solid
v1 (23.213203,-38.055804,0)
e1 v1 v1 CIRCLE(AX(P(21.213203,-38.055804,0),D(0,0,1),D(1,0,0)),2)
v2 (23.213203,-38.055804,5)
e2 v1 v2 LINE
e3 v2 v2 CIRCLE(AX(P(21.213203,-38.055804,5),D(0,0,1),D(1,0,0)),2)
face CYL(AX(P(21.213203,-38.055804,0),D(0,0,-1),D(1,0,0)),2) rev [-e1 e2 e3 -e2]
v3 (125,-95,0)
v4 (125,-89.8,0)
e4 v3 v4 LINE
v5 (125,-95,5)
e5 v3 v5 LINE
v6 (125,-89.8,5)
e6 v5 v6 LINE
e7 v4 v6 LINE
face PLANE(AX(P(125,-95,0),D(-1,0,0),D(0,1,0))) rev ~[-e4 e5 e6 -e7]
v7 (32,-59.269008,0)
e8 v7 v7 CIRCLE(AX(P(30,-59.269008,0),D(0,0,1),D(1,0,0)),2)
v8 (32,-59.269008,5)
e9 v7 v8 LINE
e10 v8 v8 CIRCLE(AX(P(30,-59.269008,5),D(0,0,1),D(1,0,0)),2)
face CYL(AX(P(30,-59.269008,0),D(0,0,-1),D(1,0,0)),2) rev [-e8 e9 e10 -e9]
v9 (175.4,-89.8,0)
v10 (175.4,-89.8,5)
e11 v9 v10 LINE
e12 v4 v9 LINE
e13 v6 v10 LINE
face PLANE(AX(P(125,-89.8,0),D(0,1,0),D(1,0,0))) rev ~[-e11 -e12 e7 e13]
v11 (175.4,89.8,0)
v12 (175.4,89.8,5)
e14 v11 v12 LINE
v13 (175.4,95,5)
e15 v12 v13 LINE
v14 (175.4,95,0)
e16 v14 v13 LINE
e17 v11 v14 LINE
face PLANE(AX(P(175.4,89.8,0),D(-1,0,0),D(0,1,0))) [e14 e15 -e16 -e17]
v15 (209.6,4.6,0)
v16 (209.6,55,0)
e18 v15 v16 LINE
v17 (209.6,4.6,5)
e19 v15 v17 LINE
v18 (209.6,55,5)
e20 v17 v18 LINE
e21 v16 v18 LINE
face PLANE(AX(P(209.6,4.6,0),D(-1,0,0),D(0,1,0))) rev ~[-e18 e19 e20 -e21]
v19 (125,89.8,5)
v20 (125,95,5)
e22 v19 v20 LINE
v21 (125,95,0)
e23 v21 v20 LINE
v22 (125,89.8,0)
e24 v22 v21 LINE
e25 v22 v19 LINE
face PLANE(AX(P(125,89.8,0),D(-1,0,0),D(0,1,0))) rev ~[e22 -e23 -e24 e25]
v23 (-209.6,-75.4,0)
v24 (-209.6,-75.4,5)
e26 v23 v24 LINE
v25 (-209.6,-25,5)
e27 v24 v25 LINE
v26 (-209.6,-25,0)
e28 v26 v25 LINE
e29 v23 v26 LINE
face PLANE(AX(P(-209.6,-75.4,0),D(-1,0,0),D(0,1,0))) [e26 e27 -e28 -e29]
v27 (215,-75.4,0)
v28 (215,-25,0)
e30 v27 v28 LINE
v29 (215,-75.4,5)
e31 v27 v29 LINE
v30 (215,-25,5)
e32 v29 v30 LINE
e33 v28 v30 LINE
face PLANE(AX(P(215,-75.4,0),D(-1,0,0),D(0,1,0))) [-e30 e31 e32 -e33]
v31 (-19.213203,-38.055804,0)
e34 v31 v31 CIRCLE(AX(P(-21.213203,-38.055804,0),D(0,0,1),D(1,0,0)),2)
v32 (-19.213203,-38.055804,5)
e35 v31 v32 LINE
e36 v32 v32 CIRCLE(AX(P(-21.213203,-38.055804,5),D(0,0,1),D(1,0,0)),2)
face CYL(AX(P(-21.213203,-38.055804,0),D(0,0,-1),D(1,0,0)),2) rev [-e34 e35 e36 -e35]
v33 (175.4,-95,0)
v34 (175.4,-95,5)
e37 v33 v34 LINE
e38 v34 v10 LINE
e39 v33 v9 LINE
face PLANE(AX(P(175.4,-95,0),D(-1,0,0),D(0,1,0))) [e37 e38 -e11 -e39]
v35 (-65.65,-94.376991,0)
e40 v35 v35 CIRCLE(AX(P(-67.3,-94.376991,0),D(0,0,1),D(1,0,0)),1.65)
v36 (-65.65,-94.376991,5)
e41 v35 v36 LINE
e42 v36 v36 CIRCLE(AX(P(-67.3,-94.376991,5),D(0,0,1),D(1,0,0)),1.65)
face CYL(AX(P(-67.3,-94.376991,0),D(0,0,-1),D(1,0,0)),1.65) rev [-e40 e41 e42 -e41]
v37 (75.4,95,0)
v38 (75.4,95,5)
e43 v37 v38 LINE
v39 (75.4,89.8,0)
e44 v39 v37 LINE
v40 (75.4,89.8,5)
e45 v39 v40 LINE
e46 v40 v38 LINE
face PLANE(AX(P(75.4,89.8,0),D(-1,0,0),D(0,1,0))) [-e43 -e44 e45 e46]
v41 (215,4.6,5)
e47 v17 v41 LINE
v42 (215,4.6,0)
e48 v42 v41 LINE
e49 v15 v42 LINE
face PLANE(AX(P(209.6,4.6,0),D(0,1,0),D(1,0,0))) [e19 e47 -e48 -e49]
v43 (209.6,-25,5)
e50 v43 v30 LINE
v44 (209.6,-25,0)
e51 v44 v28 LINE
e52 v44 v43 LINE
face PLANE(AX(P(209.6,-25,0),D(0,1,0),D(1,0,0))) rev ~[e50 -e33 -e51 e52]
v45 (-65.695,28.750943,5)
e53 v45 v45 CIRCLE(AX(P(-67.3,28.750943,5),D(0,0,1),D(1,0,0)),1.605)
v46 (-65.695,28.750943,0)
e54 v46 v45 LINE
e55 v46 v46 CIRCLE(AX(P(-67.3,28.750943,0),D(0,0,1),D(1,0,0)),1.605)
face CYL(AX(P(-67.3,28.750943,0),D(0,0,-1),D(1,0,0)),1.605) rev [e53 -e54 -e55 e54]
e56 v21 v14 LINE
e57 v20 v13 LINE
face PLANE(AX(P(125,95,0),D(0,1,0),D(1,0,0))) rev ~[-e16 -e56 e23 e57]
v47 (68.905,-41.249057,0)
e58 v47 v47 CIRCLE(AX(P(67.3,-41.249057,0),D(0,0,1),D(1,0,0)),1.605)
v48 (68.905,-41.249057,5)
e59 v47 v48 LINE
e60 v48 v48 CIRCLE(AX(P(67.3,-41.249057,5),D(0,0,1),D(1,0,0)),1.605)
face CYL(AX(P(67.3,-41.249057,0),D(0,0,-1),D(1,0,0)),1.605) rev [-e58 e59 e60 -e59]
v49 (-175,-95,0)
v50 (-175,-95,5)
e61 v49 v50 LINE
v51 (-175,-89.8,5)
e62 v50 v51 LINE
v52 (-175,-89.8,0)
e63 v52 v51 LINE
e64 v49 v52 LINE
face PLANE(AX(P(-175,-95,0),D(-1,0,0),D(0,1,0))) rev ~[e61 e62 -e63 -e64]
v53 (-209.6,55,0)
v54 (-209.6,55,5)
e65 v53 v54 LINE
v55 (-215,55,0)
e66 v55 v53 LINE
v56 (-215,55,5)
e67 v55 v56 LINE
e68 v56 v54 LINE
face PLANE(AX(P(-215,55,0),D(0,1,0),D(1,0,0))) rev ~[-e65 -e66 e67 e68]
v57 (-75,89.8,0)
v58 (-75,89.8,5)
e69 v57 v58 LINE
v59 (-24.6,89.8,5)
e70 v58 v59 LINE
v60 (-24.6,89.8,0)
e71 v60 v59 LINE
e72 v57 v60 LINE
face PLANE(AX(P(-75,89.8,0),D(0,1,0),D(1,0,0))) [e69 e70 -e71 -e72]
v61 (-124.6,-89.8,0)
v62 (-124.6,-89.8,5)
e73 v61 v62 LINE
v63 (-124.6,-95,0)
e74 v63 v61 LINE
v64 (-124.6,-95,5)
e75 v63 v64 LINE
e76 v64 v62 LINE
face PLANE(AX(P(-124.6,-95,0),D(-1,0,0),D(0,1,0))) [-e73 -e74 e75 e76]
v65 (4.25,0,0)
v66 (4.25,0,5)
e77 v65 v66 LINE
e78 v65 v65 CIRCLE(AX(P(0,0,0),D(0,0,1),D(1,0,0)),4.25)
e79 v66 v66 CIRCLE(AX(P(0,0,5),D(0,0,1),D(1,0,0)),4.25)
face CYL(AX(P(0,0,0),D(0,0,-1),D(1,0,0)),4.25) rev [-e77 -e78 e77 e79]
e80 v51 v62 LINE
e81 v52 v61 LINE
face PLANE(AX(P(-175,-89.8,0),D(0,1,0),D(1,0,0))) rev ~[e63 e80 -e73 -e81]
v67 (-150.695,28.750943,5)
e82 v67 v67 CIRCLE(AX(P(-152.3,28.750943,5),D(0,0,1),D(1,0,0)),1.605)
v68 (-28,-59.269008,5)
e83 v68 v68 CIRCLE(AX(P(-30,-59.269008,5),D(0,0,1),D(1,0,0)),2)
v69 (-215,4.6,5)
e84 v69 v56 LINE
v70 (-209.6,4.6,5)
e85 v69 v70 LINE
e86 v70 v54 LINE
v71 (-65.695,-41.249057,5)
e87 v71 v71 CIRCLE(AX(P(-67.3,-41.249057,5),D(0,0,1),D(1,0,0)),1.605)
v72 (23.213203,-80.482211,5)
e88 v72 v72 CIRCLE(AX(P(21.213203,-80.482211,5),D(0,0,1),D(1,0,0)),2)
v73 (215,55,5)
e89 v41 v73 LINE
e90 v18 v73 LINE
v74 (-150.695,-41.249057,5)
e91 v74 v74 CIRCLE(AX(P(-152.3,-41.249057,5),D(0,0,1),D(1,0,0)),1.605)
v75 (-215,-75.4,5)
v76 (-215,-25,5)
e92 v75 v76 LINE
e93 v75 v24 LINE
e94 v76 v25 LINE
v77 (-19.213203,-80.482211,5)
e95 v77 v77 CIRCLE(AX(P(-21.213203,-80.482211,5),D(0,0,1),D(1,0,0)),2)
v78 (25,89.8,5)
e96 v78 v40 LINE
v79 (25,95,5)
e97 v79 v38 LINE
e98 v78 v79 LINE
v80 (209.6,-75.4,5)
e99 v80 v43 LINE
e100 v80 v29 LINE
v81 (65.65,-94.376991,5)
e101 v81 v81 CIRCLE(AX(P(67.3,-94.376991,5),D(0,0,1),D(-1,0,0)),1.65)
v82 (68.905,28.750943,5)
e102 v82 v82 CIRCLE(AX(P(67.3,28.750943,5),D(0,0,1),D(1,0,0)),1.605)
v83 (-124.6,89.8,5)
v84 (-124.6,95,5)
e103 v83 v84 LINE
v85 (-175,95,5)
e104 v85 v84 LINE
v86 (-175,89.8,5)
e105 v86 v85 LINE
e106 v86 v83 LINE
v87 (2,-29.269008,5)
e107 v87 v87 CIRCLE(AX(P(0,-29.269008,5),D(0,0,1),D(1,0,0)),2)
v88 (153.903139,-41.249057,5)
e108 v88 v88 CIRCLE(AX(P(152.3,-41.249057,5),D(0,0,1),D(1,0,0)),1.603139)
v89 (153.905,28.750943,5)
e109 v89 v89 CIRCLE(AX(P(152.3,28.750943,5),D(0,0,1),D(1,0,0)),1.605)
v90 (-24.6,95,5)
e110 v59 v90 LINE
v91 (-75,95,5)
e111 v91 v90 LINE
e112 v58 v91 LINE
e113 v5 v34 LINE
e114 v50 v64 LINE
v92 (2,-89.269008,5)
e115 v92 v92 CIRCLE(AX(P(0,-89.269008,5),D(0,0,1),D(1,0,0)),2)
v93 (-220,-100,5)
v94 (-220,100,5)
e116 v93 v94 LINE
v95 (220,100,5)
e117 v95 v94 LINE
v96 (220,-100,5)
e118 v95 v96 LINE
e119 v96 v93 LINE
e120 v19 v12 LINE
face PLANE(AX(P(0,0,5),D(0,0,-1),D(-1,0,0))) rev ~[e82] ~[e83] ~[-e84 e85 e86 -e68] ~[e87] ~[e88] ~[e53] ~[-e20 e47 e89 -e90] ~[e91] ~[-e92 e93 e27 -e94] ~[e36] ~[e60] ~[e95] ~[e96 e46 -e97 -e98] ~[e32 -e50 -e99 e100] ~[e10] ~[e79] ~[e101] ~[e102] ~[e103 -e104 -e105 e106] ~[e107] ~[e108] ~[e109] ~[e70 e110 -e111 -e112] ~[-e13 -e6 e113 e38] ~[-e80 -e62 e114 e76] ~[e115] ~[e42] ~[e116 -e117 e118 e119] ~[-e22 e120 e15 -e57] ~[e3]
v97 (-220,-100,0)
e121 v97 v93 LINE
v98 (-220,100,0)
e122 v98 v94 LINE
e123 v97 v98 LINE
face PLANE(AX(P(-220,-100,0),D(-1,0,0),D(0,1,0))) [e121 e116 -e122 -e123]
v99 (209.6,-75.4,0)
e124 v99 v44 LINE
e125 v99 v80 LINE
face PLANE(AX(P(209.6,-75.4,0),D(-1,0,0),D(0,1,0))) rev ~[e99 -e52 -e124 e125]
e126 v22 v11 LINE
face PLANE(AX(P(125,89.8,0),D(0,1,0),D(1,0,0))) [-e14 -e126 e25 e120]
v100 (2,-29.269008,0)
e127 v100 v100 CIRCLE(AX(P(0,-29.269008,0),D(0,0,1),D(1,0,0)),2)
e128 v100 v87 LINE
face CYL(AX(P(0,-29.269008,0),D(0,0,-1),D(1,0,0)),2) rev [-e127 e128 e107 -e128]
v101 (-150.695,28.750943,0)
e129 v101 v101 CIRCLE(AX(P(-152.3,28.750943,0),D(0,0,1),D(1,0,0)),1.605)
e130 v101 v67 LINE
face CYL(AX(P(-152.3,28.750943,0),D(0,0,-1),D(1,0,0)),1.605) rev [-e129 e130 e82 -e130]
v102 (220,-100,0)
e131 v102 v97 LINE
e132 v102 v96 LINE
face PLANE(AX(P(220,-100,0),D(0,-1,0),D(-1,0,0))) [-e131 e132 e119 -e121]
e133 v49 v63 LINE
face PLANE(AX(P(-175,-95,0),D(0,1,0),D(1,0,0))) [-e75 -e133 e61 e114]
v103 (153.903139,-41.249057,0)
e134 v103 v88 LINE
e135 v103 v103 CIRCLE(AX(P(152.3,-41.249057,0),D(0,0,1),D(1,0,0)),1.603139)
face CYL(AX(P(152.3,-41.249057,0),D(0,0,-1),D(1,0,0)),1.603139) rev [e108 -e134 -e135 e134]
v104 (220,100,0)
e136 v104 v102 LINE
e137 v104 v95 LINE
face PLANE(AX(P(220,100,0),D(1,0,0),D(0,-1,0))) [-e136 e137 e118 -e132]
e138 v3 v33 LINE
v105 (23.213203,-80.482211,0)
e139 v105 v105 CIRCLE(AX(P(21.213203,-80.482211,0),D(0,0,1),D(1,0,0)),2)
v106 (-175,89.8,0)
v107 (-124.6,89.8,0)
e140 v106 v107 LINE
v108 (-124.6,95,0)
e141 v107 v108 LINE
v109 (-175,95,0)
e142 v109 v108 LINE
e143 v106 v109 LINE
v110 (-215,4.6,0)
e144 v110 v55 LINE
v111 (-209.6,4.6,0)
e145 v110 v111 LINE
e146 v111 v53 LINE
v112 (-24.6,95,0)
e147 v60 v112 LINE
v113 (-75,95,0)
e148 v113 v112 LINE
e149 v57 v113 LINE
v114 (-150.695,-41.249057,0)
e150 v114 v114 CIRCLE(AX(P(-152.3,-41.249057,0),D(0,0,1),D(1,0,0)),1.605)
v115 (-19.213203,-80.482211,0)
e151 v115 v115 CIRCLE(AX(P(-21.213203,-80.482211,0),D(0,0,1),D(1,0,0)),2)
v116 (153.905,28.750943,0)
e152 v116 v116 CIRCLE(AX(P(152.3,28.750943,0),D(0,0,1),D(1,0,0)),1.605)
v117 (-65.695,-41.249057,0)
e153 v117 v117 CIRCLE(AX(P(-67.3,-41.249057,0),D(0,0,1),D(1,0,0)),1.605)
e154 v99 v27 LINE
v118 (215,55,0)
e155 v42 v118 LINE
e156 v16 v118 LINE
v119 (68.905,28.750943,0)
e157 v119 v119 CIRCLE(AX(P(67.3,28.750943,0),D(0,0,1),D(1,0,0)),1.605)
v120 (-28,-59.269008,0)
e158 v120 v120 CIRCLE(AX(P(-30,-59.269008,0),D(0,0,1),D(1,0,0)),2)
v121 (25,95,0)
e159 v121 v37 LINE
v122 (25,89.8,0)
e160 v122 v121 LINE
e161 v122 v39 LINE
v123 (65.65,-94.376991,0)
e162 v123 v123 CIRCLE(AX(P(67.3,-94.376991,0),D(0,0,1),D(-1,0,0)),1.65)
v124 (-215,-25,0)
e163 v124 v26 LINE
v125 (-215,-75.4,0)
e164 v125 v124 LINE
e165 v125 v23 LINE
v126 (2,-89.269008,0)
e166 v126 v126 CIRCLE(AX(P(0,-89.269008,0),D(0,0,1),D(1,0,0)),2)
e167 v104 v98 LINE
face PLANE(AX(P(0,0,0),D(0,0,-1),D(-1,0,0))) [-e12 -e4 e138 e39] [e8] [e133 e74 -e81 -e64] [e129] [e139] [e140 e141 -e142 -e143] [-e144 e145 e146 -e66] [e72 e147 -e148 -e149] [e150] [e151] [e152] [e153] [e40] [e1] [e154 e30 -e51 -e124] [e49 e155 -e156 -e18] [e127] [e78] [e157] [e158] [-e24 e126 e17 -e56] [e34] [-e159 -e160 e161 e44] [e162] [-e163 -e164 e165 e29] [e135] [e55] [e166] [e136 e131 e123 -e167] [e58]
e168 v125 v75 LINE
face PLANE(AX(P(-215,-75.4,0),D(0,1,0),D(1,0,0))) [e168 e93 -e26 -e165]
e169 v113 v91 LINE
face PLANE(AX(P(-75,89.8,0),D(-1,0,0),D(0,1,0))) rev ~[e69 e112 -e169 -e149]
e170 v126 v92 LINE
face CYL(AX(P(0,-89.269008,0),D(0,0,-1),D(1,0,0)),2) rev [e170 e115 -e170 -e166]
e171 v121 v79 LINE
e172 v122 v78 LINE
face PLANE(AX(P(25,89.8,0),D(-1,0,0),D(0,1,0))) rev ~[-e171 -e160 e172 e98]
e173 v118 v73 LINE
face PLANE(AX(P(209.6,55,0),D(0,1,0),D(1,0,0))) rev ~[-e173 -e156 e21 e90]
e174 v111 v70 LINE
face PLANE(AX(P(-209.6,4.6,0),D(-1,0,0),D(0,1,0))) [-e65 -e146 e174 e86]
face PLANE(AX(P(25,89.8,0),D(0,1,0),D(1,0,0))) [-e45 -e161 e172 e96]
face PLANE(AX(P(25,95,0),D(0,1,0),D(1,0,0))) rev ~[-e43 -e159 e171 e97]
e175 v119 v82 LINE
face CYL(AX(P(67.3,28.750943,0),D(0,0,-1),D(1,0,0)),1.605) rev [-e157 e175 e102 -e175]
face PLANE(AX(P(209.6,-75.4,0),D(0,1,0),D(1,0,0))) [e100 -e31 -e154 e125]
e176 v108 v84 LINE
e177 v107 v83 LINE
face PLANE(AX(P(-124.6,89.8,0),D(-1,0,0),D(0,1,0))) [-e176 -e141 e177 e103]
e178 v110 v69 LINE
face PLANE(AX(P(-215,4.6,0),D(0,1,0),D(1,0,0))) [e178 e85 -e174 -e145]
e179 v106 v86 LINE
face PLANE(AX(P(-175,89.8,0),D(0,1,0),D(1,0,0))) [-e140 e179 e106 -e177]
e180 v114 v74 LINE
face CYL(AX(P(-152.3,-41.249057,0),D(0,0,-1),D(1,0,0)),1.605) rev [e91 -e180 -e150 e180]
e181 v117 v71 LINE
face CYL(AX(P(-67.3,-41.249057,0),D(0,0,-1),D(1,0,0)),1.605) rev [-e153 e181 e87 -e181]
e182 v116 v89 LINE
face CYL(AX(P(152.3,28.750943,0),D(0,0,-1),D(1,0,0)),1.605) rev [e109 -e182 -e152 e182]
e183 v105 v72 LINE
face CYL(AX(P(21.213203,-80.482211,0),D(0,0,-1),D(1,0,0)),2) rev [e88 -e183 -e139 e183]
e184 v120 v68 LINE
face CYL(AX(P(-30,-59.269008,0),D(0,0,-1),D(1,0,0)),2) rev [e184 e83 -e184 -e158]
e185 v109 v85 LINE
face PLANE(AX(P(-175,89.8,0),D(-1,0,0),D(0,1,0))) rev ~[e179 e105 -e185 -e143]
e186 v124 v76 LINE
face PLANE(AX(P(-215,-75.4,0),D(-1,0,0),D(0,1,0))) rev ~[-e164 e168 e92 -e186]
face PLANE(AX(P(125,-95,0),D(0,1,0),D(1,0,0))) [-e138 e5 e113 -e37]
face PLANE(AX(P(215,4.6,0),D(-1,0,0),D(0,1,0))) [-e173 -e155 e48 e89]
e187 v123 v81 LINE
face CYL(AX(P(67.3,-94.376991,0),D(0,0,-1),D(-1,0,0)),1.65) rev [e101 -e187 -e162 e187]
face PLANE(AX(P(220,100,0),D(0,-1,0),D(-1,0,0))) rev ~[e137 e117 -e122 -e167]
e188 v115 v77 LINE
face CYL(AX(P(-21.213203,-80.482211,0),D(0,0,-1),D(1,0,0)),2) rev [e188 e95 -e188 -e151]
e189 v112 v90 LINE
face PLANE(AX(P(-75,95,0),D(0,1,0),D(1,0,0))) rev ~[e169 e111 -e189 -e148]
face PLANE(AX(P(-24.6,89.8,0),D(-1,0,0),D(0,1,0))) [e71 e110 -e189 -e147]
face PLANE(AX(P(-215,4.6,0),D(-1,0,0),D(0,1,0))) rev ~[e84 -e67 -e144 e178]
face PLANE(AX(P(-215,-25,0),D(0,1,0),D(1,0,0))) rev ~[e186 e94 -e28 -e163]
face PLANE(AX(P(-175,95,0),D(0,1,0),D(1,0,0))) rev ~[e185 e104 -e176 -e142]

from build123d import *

# Parameters (mm, degrees)
ESQUISSE1_R        = 1.65
ESQUISSE1_R_2      = 1.603139346
ESQUISSE1_R_3      = 1.605
ESQUISSE1_R_4      = 4.25
ESQUISSE1_R_5      = 2
ESQUISSE1_W        = 50.4
ESQUISSE1_H        = 5.2
ESQUISSE1_W_2      = 5.4
ESQUISSE1_H_2      = 50.4
BOSS_EXTRU_1_DEPTH = 5


with BuildPart() as part:
    # Esquisse1 → Boss.-Extru.1 (new body)
    with BuildSketch(Plane.XY):
        Polygon((-220, 100), (-0.145812859, 100), (9.854187141, 100), (220, 100), (220, -100), (-220, -100), align=None)
        with Locations((-67.3, -94.376990981)):
            Circle(ESQUISSE1_R, mode=Mode.SUBTRACT)
        with Locations(Location((67.3, -94.376990981, 0), (0, 0, 180))):
            Circle(ESQUISSE1_R, mode=Mode.SUBTRACT)
        with Locations((152.3, -41.249056917)):
            Circle(ESQUISSE1_R_2, mode=Mode.SUBTRACT)
        with Locations((152.3, 28.750943083)):
            Circle(ESQUISSE1_R_3, mode=Mode.SUBTRACT)
        with Locations((67.3, 28.750943083)):
            Circle(ESQUISSE1_R_3, mode=Mode.SUBTRACT)
        with Locations((67.3, -41.249056917)):
            Circle(ESQUISSE1_R_3, mode=Mode.SUBTRACT)
        with Locations((-67.3, 28.750943083)):
            Circle(ESQUISSE1_R_3, mode=Mode.SUBTRACT)
        with Locations((-67.3, -41.249056917)):
            Circle(ESQUISSE1_R_3, mode=Mode.SUBTRACT)
        with Locations((-152.3, 28.750943083)):
            Circle(ESQUISSE1_R_3, mode=Mode.SUBTRACT)
        with Locations((-152.3, -41.249056917)):
            Circle(ESQUISSE1_R_3, mode=Mode.SUBTRACT)
        Circle(ESQUISSE1_R_4, mode=Mode.SUBTRACT)
        with Locations((0, -29.269007759)):
            Circle(ESQUISSE1_R_5, mode=Mode.SUBTRACT)
        with Locations((21.213203436, -38.055804324)):
            Circle(ESQUISSE1_R_5, mode=Mode.SUBTRACT)
        with Locations((30, -59.269007759)):
            Circle(ESQUISSE1_R_5, mode=Mode.SUBTRACT)
        with Locations((21.213203436, -80.482211195)):
            Circle(ESQUISSE1_R_5, mode=Mode.SUBTRACT)
        with Locations((0, -89.269007759)):
            Circle(ESQUISSE1_R_5, mode=Mode.SUBTRACT)
        with Locations((-21.213203436, -80.482211195)):
            Circle(ESQUISSE1_R_5, mode=Mode.SUBTRACT)
        with Locations((-30, -59.269007759)):
            Circle(ESQUISSE1_R_5, mode=Mode.SUBTRACT)
        with Locations((-21.213203436, -38.055804324)):
            Circle(ESQUISSE1_R_5, mode=Mode.SUBTRACT)
        with Locations((-49.8, 92.4)):
            Rectangle(ESQUISSE1_W, ESQUISSE1_H, mode=Mode.SUBTRACT)
        with Locations((-149.8, 92.4)):
            Rectangle(ESQUISSE1_W, ESQUISSE1_H, mode=Mode.SUBTRACT)
        with Locations((50.2, 92.4)):
            Rectangle(ESQUISSE1_W, ESQUISSE1_H, mode=Mode.SUBTRACT)
        with Locations((150.2, 92.4)):
            Rectangle(ESQUISSE1_W, ESQUISSE1_H, mode=Mode.SUBTRACT)
        with Locations((-212.3, -50.2)):
            Rectangle(ESQUISSE1_W_2, ESQUISSE1_H_2, mode=Mode.SUBTRACT)
        with Locations((-212.3, 29.8)):
            Rectangle(ESQUISSE1_W_2, ESQUISSE1_H_2, mode=Mode.SUBTRACT)
        with Locations((212.3, -50.2)):
            Rectangle(ESQUISSE1_W_2, ESQUISSE1_H_2, mode=Mode.SUBTRACT)
        with Locations((212.3, 29.8)):
            Rectangle(ESQUISSE1_W_2, ESQUISSE1_H_2, mode=Mode.SUBTRACT)
        with Locations((150.2, -92.4)):
            Rectangle(ESQUISSE1_W, ESQUISSE1_H, mode=Mode.SUBTRACT)
        with Locations((-149.8, -92.4)):
            Rectangle(ESQUISSE1_W, ESQUISSE1_H, mode=Mode.SUBTRACT)
    extrude(amount=BOSS_EXTRU_1_DEPTH)


solid = part.part
